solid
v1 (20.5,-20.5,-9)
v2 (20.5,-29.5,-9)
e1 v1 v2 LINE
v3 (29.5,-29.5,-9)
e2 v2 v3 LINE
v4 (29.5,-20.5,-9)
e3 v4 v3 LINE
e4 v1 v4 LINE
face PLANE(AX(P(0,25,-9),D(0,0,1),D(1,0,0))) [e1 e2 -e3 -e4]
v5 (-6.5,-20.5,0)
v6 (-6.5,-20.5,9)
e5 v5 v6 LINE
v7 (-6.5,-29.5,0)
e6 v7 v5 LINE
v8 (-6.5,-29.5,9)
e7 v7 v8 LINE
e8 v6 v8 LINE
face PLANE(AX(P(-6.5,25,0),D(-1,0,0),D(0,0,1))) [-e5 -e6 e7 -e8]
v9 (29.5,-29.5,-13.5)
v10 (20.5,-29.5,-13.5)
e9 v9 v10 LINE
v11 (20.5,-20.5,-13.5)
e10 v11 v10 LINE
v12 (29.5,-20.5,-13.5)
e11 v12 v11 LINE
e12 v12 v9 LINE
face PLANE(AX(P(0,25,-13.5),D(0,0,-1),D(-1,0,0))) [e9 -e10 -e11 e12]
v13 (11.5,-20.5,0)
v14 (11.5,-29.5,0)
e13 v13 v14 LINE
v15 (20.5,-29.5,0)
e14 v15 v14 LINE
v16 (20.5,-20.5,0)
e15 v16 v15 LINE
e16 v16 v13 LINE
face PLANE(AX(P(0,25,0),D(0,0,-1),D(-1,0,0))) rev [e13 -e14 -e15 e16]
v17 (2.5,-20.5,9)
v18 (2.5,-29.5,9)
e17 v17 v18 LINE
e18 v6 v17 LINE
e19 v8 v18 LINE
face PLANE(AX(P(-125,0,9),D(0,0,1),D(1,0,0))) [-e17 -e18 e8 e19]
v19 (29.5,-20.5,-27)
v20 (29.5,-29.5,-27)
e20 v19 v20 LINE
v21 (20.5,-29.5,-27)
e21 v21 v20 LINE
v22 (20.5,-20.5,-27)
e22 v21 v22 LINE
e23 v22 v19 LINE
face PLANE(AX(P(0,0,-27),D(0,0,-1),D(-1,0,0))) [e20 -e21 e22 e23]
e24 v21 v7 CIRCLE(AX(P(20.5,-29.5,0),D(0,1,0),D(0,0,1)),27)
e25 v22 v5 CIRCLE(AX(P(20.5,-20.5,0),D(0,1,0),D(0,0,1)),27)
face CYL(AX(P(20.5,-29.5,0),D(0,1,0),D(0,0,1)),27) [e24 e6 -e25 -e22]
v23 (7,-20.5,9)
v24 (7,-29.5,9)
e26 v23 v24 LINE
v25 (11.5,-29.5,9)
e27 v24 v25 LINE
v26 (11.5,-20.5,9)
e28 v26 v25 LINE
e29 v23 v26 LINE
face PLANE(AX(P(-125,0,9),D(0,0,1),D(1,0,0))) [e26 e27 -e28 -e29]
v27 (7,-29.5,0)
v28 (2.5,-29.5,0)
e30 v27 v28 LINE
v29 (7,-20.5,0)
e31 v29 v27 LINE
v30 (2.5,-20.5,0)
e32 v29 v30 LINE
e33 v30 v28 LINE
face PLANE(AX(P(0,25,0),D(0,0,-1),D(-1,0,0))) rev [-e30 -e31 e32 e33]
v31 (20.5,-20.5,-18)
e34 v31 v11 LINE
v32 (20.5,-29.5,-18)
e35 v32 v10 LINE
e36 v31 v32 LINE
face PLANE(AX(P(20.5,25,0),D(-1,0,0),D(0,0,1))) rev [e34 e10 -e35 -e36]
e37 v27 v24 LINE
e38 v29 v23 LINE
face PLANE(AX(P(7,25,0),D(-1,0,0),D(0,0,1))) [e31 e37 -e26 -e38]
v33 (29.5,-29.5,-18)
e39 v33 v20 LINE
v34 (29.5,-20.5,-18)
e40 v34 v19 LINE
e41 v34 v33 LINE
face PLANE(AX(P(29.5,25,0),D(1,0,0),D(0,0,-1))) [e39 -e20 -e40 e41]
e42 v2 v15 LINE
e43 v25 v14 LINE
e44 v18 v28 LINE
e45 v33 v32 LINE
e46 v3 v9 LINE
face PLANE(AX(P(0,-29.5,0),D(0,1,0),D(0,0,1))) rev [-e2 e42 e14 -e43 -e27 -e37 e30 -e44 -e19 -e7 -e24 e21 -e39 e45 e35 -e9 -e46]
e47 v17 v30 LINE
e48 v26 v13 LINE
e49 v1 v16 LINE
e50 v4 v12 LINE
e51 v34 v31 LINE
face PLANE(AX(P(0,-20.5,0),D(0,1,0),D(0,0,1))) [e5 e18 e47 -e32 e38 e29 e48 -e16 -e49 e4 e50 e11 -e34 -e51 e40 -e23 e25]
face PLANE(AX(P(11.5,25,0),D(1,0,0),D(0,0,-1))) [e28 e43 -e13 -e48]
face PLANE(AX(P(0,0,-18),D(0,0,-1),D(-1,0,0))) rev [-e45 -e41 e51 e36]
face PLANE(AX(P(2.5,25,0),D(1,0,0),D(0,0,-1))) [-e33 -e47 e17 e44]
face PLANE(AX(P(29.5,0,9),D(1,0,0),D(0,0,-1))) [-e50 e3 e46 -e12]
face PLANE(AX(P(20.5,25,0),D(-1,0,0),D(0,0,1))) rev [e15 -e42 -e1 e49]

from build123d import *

# Parameters (mm, degrees)
SKETCH1_R                = 8
SKETCH1_R_2              = 4
BOSS_EXTRUDE1_DEPTH      = 9
BOSS_EXTRUDE1_2_DEPTH    = 9
SKETCH2_R                = 4
BOSS_EXTRUDE3_DEPTH      = 9
FILLET1_R                = 1
CUT_EXTRUDE1_DEPTH       = 214.789616212
SKETCH4_W                = 9
SKETCH4_H                = 27
BOSS_EXTRUDE4_DEPTH      = 75
BOSS_EXTRUDE5_START      = 9
SKETCH5_R                = 25
SKETCH5_R_2              = 4
BOSS_EXTRUDE5_DEPTH      = 9
BOSS_EXTRUDE6_DEPTH      = 4.5
BOSS_EXTRUDE6_DEPTH_BACK = 4.5
BOSS_EXTRUDE7_DEPTH      = 4.5
BOSS_EXTRUDE7_DEPTH_BACK = 4.5
BOSS_EXTRUDE7_START      = -25
SKETCH9_W                = 9
SKETCH9_H                = 7
SKETCH9_H_2              = 9
CUT_EXTRUDE2_DEPTH       = 217.612557346
CUT_EXTRUDE3_DEPTH       = 210.043655728
CUT_EXTRUDE3_DEPTH_BACK  = 210.043655728
SKETCH10_W               = 378.062868676
SKETCH10_H               = 121.353513402
SKETCH10_W_2             = 4.5
SKETCH10_H_2             = 9
SKETCH10_W_3             = 9
SKETCH10_H_3             = 4.5
CUT_EXTRUDE4_DEPTH       = 85.995588121
CUT_EXTRUDE4_DEPTH_BACK  = 85.995588121
SKETCH11_W               = 41.044011783
SKETCH11_H               = 27.30816427
SKETCH11_H_2             = 47.722771097


with BuildPart() as part:
    # Sketch1 → Boss-Extrude1 (new body)
    with BuildSketch(Plane.XY):
        with Locations((-125, 0)):
            Circle(SKETCH1_R)
        with Locations((-125, 0)):
            Circle(SKETCH1_R_2, mode=Mode.SUBTRACT)
    extrude(amount=BOSS_EXTRUDE1_DEPTH)



with BuildPart() as body_2:
    # Sketch1 → Boss-Extrude1 2 (new body)
    with BuildSketch(Plane.XY):
        with Locations((125, 0)):
            Circle(SKETCH1_R)
        with Locations((125, 0)):
            Circle(SKETCH1_R_2, mode=Mode.SUBTRACT)
    extrude(amount=BOSS_EXTRUDE1_2_DEPTH)


with BuildPart() as part_1:
    add(part.part)

    add(body_2.part)  # Boss-Extrude3 merges body 2
    # Sketch2 → Boss-Extrude3 (add)
    with BuildSketch(Plane.XY):
        with BuildLine():
            Line((-175, -75), (125, -75))
            ThreePointArc((125, -75), (130.131670325, -43.377223009), (145.000000492, -14.999999344))
            ThreePointArc((145.000000492, -14.999999344), (143.981414944, 16.269784471), (113.235294528, 22.058823748))
            ThreePointArc((113.235294528, 22.058823748), (25.000000075, 0), (-63.235294395, 22.058823677))
            ThreePointArc((-63.235294395, 22.058823677), (-75.420498385, 24.996463372), (-87.499999896, 21.650635154))
            ThreePointArc((-87.499999896, 21.650635154), (-99.999999954, 18.301270189), (-112.500000024, 21.650635108))
            ThreePointArc((-112.500000024, 21.650635108), (-124.99999995, 25), (-137.49999989, 21.650635158))
            ThreePointArc((-137.49999989, 21.650635158), (-149.999999954, 18.301270189), (-162.50000003, 21.650635112))
            ThreePointArc((-162.50000003, 21.650635112), (-193.705072901, 16.586749162), (-195.000000551, -14.999999265))
            ThreePointArc((-195.000000551, -14.999999265), (-180.13167034, -43.377222962), (-175, -75))
        make_face()
        with Locations((125, 0)):
            Circle(SKETCH2_R, mode=Mode.SUBTRACT)
        with Locations((-175, 0)):
            Circle(SKETCH2_R, mode=Mode.SUBTRACT)
        with Locations((-125, 0)):
            Circle(SKETCH2_R, mode=Mode.SUBTRACT)
        with Locations((-75, 0)):
            Circle(SKETCH2_R, mode=Mode.SUBTRACT)
    extrude(amount=BOSS_EXTRUDE3_DEPTH)

    # Fillet1
    fillet1_edges = [part_1.edges().sort_by_distance(p)[0] for p in [
        (-175, -75, 4.5),
        (125, -75, 4.5),
    ]]
    fillet(fillet1_edges, radius=FILLET1_R)

    # Sketch3 → Cut-Extrude1 (cut, through all)
    with BuildSketch(Plane.XY):
        Polygon((25, 0), (25, -75), (150, -75), (150, 25), (25, 25), align=None)
    extrude(amount=CUT_EXTRUDE1_DEPTH, mode=Mode.SUBTRACT)

    # Sketch4 → Boss-Extrude4 (add)
    with BuildSketch(Plane.XZ.offset(75)):
        with Locations((25, -4.5)):
            Rectangle(SKETCH4_W, SKETCH4_H)
    extrude(amount=-BOSS_EXTRUDE4_DEPTH)

    # Sketch5 → Boss-Extrude5 (add)
    # profile 1 of 4: a face of its own
    with BuildSketch(Plane(origin=(0, 0, -18), x_dir=(-1, 0, 0), z_dir=(0, 0, -1)).offset(BOSS_EXTRUDE5_START)):
        with BuildLine():
            ThreePointArc((-145.000000304, -14.999999594), (-130.131670275, -43.377223158), (-125, -75))
            Line((-125, -75), (-29.5, -75))
            Line((-29.5, -75), (-29.5, 0))
            Line((-29.5, 0), (-100, 0))
            ThreePointArc((-100, 0), (-117.09430609, -23.717082532), (-145.000000304, -14.999999594))
        make_face()
    # profile 2 of 4: a face of its own
    with BuildSketch(Plane(origin=(0, 0, -18), x_dir=(-1, 0, 0), z_dir=(0, 0, -1)).offset(BOSS_EXTRUDE5_START)):
        with Locations((-125, 0)):
            Circle(SKETCH5_R)
        with Locations((-125, 0)):
            Circle(SKETCH5_R_2, mode=Mode.SUBTRACT)
    # profile 3 of 4: a face of its own
    with BuildSketch(Plane(origin=(0, 0, -18), x_dir=(-1, 0, 0), z_dir=(0, 0, -1)).offset(BOSS_EXTRUDE5_START)):
        Polygon((-29.5, 0), (-29.5, -75), (-20.5, -75), (-20.5, 0), (-25, 0), align=None)
    # profile 4 of 4: a face of its own
    with BuildSketch(Plane(origin=(0, 0, -18), x_dir=(-1, 0, 0), z_dir=(0, 0, -1)).offset(BOSS_EXTRUDE5_START)):
        with BuildLine():
            Line((-100, 0), (-29.5, 0))
            Line((-29.5, 0), (-25, 0))
            ThreePointArc((-25, 0), (-70.475429529, 5.598281181), (-113.235293817, 22.058823369))
            ThreePointArc((-113.235293817, 22.058823369), (-103.56267677, 12.86239374), (-100, 0))
        make_face()
    extrude(amount=-BOSS_EXTRUDE5_DEPTH)

    # Sketch7 → Boss-Extrude6 (add, two sides: drawn at the far end of the back side and taken through both)
    with BuildSketch(Plane(origin=(0, -25, 0), x_dir=(1, 0, 0), z_dir=(0, 1, 0)).offset(-BOSS_EXTRUDE6_DEPTH_BACK)):
        with BuildLine():
            Line((56.5, 18), (29.5, 18))
            Line((29.5, 18), (29.5, -9))
            ThreePointArc((29.5, -9), (48.591883092, -1.091883092), (56.5, 18))
        make_face()
        with BuildLine():
            Line((-6.5, 0), (20.5, 0))
            Line((20.5, 0), (20.5, 27))
            ThreePointArc((20.5, 27), (1.408116908, 19.091883092), (-6.5, 0))
        make_face()
    extrude(amount=BOSS_EXTRUDE6_DEPTH + BOSS_EXTRUDE6_DEPTH_BACK)

    # Sketch7<3> → Boss-Extrude7 (add, two sides: drawn at the far end of the back side and taken through both)
    with BuildSketch(Plane(origin=(0, -25, 0), x_dir=(1, 0, 0), z_dir=(0, 1, 0)).offset(BOSS_EXTRUDE7_START - BOSS_EXTRUDE7_DEPTH_BACK)):
        with BuildLine():
            Line((56.5, 18), (29.5, 18))
            Line((29.5, 18), (29.5, -9))
            ThreePointArc((29.5, -9), (48.591883092, -1.091883092), (56.5, 18))
        make_face()
        with BuildLine():
            Line((-6.5, 0), (20.5, 0))
            Line((20.5, 0), (20.5, 27))
            ThreePointArc((20.5, 27), (1.408116908, 19.091883092), (-6.5, 0))
        make_face()
    extrude(amount=BOSS_EXTRUDE7_DEPTH + BOSS_EXTRUDE7_DEPTH_BACK)

    # Sketch9 → Cut-Extrude2 (cut, through all)
    with BuildSketch(Plane.XY.offset(9)):
        with Locations((-160.208548161, -53.5)):
            Rectangle(SKETCH9_W, SKETCH9_H)
        with Locations((-160.208548161, -70.5)):
            Rectangle(SKETCH9_W, SKETCH9_H_2)
        with Locations((-25.351798772, -53.5)):
            Rectangle(SKETCH9_W, SKETCH9_H)
        with Locations((-25.351798772, -70.5)):
            Rectangle(SKETCH9_W, SKETCH9_H_2)
        with Locations((109.504950616, -53.5)):
            Rectangle(SKETCH9_W, SKETCH9_H)
        with Locations((109.504950616, -70.5)):
            Rectangle(SKETCH9_W, SKETCH9_H_2)
    extrude(amount=-CUT_EXTRUDE2_DEPTH, mode=Mode.SUBTRACT)

    # Sketch10 → Cut-Extrude3 (cut, two sides: drawn at the far end of the back side and taken through both)
    # profile 1 of 11: a face of its own
    with BuildSketch(Plane(origin=(0, -20.5, 0), x_dir=(1, 0, 0), z_dir=(0, 1, 0)).offset(-CUT_EXTRUDE3_DEPTH_BACK)):
        with Locations((-22.824558852, 8.698613075)):
            Rectangle(SKETCH10_W, SKETCH10_H)
        with BuildLine():
            ThreePointArc((-6.5, 0), (-4.122805694, 11.077790383), (2.590180724, 20.204909638))
            ThreePointArc((2.590180724, 20.204909638), (30.603376531, 44.977445399), (56.5, 18))
            ThreePointArc((56.5, 18), (54.122805694, 6.922209617), (47.409819276, -2.204909638))
            ThreePointArc((47.409819276, -2.204909638), (23.974453078, -26.775514483), (-4.955844123, -9))
            Line((-4.955844123, -9), (-6.5, -9))
            Line((-6.5, -9), (-6.5, 0))
        make_face(mode=Mode.SUBTRACT)
    # profile 2 of 11: a face of its own
    with BuildSketch(Plane(origin=(0, -20.5, 0), x_dir=(1, 0, 0), z_dir=(0, 1, 0)).offset(-CUT_EXTRUDE3_DEPTH_BACK)):
        with BuildLine():
            ThreePointArc((47.5, 0), (42.545407685, 15.588457268), (29.5, 25.455844123))
            Line((29.5, 25.455844123), (29.5, 18))
            Line((29.5, 18), (29.5, 13.5))
            Line((29.5, 13.5), (29.5, 9))
            Line((29.5, 9), (29.5, 4.5))
            Line((29.5, 4.5), (29.5, 0))
            Line((29.5, 0), (29.5, -9))
            ThreePointArc((29.5, -9), (39.077772178, -7.244133578), (47.409819276, -2.204909638))
            ThreePointArc((47.409819276, -2.204909638), (47.477445399, -1.103376531), (47.5, 0))
        make_face()
    # profile 3 of 11: a face of its own
    with BuildSketch(Plane(origin=(0, -20.5, 0), x_dir=(1, 0, 0), z_dir=(0, 1, 0)).offset(-CUT_EXTRUDE3_DEPTH_BACK)):
        with BuildLine():
            ThreePointArc((2.590180724, 20.204909638), (10.922227822, 25.244133578), (20.5, 27))
            Line((20.5, 27), (29.5, 27))
            Line((29.5, 27), (29.5, 25.455844123))
            ThreePointArc((29.5, 25.455844123), (42.545407685, 15.588457268), (47.5, 0))
            ThreePointArc((47.5, 0), (47.477445399, -1.103376531), (47.409819276, -2.204909638))
            ThreePointArc((47.409819276, -2.204909638), (54.122805694, 6.922209617), (56.5, 18))
            ThreePointArc((56.5, 18), (30.603376531, 44.977445399), (2.590180724, 20.204909638))
        make_face()
    # profile 4 of 11: a face of its own
    with BuildSketch(Plane(origin=(0, -20.5, 0), x_dir=(1, 0, 0), z_dir=(0, 1, 0)).offset(-CUT_EXTRUDE3_DEPTH_BACK)):
        with Locations((4.75, -4.5)):
            Rectangle(SKETCH10_W_2, SKETCH10_H_2)
    # profile 5 of 11: a face of its own
    with BuildSketch(Plane(origin=(0, -20.5, 0), x_dir=(1, 0, 0), z_dir=(0, 1, 0)).offset(-CUT_EXTRUDE3_DEPTH_BACK)):
        with Locations((25, 15.75)):
            Rectangle(SKETCH10_W_3, SKETCH10_H_3)
    # profile 6 of 11: a face of its own
    with BuildSketch(Plane(origin=(0, -20.5, 0), x_dir=(1, 0, 0), z_dir=(0, 1, 0)).offset(-CUT_EXTRUDE3_DEPTH_BACK)):
        with Locations((25, 6.75)):
            Rectangle(SKETCH10_W_3, SKETCH10_H_3)
    # profile 7 of 11: a face of its own
    with BuildSketch(Plane(origin=(0, -20.5, 0), x_dir=(1, 0, 0), z_dir=(0, 1, 0)).offset(-CUT_EXTRUDE3_DEPTH_BACK)):
        with Locations((25, 2.25)):
            Rectangle(SKETCH10_W_3, SKETCH10_H_3)
    # profile 8 of 11: a face of its own
    with BuildSketch(Plane(origin=(0, -20.5, 0), x_dir=(1, 0, 0), z_dir=(0, 1, 0)).offset(-CUT_EXTRUDE3_DEPTH_BACK)):
        with BuildLine():
            Line((20.5, 0), (11.5, 0))
            Line((11.5, 0), (11.5, -2.124611797))
            ThreePointArc((11.5, -2.124611797), (15.739349233, -5.230249471), (20.5, -7.455844123))
            Line((20.5, -7.455844123), (20.5, 0))
        make_face()
    # profile 9 of 11: a face of its own
    with BuildSketch(Plane(origin=(0, -20.5, 0), x_dir=(1, 0, 0), z_dir=(0, 1, 0)).offset(-CUT_EXTRUDE3_DEPTH_BACK)):
        with BuildLine():
            ThreePointArc((20.5, -7.455844123), (15.739349233, -5.230249471), (11.5, -2.124611797))
            Line((11.5, -2.124611797), (11.5, -9))
            Line((11.5, -9), (20.5, -9))
            Line((20.5, -9), (20.5, -7.455844123))
        make_face()
    # profile 10 of 11: a face of its own
    with BuildSketch(Plane(origin=(0, -20.5, 0), x_dir=(1, 0, 0), z_dir=(0, 1, 0)).offset(-CUT_EXTRUDE3_DEPTH_BACK)):
        with BuildLine():
            Line((20.5, -9), (29.5, -9))
            ThreePointArc((29.5, -9), (24.934246574, -8.611161111), (20.5, -7.455844123))
            Line((20.5, -7.455844123), (20.5, -9))
        make_face()
    # profile 11 of 11: a face of its own
    with BuildSketch(Plane(origin=(0, -20.5, 0), x_dir=(1, 0, 0), z_dir=(0, 1, 0)).offset(-CUT_EXTRUDE3_DEPTH_BACK)):
        with BuildLine():
            ThreePointArc((20.5, -7.455844123), (24.934246574, -8.611161111), (29.5, -9))
            Line((29.5, -9), (29.5, 0))
            Line((29.5, 0), (20.5, 0))
            Line((20.5, 0), (20.5, -7.455844123))
        make_face()
    extrude(amount=CUT_EXTRUDE3_DEPTH + CUT_EXTRUDE3_DEPTH_BACK, mode=Mode.SUBTRACT)

    # Sketch11 → Cut-Extrude4 (cut, two sides: drawn at the far end of the back side and taken through both)
    with BuildSketch(Plane.XY.offset(-CUT_EXTRUDE4_DEPTH_BACK)):
        with Locations((11.617711519, -6.845917865)):
            Rectangle(SKETCH11_W, SKETCH11_H)
        with Locations((11.617711519, -53.361385549)):
            Rectangle(SKETCH11_W, SKETCH11_H_2)
    extrude(amount=CUT_EXTRUDE4_DEPTH + CUT_EXTRUDE4_DEPTH_BACK, mode=Mode.SUBTRACT)


solid = part_1.part
